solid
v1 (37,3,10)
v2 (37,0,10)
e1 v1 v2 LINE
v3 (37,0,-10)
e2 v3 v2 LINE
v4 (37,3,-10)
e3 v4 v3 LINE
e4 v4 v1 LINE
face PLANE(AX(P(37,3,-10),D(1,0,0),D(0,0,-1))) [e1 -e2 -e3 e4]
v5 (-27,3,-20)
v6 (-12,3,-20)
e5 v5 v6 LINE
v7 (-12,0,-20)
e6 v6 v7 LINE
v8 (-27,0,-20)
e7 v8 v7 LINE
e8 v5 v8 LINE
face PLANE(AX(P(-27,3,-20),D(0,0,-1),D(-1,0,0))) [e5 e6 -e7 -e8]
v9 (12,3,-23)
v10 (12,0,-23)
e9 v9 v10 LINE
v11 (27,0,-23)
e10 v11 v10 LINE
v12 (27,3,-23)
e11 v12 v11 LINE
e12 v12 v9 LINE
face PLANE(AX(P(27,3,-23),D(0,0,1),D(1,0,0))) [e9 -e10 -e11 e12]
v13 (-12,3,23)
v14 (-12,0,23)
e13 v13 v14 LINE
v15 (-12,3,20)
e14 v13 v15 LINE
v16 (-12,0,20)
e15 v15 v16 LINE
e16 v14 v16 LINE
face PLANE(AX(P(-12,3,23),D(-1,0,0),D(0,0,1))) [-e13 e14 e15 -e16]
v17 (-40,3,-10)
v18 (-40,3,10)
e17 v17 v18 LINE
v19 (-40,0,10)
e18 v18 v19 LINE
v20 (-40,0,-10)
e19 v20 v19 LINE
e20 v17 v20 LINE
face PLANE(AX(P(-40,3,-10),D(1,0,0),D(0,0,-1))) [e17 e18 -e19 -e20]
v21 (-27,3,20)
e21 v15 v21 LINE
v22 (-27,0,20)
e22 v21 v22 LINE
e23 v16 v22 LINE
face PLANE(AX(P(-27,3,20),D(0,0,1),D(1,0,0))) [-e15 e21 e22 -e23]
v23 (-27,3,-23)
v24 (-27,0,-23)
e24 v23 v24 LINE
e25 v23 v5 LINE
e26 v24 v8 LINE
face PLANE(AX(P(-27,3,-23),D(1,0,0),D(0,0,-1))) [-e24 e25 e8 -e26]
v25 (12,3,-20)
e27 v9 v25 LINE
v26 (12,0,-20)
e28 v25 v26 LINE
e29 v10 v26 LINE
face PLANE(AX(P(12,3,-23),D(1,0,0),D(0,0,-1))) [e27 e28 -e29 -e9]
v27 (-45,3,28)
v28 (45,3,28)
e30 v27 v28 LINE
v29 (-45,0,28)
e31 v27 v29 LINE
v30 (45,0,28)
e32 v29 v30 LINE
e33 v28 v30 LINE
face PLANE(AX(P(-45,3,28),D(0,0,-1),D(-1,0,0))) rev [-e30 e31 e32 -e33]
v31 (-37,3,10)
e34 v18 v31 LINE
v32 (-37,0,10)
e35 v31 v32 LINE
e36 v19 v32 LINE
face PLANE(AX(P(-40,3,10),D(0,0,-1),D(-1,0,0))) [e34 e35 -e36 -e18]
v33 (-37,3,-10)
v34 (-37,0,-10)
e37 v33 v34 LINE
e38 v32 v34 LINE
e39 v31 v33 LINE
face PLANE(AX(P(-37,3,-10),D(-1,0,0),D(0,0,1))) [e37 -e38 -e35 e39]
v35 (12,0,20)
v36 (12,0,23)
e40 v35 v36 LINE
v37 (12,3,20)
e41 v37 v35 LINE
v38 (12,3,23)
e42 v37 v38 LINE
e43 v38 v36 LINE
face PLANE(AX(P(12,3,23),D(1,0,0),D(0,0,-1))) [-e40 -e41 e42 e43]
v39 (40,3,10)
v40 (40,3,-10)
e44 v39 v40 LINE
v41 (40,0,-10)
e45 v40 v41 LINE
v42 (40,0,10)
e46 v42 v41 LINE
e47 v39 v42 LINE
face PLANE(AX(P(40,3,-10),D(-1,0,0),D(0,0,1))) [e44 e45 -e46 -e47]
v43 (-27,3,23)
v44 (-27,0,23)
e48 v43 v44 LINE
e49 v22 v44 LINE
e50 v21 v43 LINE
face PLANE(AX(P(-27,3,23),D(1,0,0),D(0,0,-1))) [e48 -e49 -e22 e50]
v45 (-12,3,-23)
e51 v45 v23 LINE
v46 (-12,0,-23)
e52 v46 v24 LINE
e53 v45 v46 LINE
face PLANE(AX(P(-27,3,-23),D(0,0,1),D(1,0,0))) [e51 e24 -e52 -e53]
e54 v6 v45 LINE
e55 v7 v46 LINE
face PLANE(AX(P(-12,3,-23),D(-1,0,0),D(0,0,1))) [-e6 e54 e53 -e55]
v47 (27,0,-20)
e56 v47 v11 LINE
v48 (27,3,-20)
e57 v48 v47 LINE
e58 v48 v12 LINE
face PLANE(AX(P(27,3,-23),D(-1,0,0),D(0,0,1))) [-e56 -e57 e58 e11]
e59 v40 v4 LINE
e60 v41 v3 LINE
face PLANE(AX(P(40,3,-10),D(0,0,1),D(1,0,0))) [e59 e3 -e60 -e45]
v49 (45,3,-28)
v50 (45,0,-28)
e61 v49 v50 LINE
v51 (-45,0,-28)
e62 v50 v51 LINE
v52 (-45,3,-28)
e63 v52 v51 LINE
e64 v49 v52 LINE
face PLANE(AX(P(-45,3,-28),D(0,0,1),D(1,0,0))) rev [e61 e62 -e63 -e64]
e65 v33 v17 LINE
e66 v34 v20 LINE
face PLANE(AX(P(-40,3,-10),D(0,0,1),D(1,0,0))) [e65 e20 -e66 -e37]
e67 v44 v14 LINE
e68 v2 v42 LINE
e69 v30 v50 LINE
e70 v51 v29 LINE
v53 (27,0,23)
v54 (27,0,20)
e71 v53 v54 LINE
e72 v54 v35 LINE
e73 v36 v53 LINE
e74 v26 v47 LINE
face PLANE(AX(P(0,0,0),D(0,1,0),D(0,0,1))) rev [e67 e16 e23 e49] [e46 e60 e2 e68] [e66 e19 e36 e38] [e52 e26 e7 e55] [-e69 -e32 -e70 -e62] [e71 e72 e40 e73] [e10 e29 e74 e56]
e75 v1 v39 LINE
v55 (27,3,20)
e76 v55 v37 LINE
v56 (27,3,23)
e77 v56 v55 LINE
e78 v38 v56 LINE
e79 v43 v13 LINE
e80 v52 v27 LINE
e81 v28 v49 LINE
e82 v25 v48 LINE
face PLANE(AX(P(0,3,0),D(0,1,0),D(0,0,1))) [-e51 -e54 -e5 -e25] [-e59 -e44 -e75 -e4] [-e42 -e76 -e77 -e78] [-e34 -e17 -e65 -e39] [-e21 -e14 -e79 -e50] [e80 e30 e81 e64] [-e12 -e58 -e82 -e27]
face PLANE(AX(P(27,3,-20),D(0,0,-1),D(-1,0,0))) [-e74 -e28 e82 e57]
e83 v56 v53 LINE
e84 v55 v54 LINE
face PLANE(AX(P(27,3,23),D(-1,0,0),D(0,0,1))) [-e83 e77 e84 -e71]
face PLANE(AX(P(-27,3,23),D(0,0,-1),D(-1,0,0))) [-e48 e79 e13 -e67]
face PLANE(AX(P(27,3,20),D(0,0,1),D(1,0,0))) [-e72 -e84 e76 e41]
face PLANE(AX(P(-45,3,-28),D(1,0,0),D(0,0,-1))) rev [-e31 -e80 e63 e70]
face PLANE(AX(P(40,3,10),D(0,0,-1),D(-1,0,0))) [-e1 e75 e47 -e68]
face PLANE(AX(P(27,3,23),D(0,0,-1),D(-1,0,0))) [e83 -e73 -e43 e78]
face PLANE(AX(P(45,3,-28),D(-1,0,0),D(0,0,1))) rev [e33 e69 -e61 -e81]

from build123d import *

# Parameters (mm, degrees)
SKETCH_1_W      = 90
SKETCH_1_H      = 56
SKETCH_1_W_2    = 3
SKETCH_1_H_2    = 20
SKETCH_1_W_3    = 15
SKETCH_1_H_3    = 3
EXTRUDE_1_DEPTH = 3


with BuildPart() as part:
    # 草图1 → 凸台-拉伸1 (new body)
    with BuildSketch(Plane(origin=(0, 0, 0), x_dir=(1, 0, 0), z_dir=(0, 1, 0))):
        Rectangle(SKETCH_1_W, SKETCH_1_H)
        with Locations((-38.5, 0)):
            Rectangle(SKETCH_1_W_2, SKETCH_1_H_2, mode=Mode.SUBTRACT)
        with Locations((38.5, 0)):
            Rectangle(SKETCH_1_W_2, SKETCH_1_H_2, mode=Mode.SUBTRACT)
        with Locations((19.5, 21.5)):
            Rectangle(SKETCH_1_W_3, SKETCH_1_H_3, mode=Mode.SUBTRACT)
        with Locations((-19.5, 21.5)):
            Rectangle(SKETCH_1_W_3, SKETCH_1_H_3, mode=Mode.SUBTRACT)
        with Locations((19.5, -21.5)):
            Rectangle(SKETCH_1_W_3, SKETCH_1_H_3, mode=Mode.SUBTRACT)
        with Locations((-19.5, -21.5)):
            Rectangle(SKETCH_1_W_3, SKETCH_1_H_3, mode=Mode.SUBTRACT)
    extrude(amount=EXTRUDE_1_DEPTH)


solid = part.part
